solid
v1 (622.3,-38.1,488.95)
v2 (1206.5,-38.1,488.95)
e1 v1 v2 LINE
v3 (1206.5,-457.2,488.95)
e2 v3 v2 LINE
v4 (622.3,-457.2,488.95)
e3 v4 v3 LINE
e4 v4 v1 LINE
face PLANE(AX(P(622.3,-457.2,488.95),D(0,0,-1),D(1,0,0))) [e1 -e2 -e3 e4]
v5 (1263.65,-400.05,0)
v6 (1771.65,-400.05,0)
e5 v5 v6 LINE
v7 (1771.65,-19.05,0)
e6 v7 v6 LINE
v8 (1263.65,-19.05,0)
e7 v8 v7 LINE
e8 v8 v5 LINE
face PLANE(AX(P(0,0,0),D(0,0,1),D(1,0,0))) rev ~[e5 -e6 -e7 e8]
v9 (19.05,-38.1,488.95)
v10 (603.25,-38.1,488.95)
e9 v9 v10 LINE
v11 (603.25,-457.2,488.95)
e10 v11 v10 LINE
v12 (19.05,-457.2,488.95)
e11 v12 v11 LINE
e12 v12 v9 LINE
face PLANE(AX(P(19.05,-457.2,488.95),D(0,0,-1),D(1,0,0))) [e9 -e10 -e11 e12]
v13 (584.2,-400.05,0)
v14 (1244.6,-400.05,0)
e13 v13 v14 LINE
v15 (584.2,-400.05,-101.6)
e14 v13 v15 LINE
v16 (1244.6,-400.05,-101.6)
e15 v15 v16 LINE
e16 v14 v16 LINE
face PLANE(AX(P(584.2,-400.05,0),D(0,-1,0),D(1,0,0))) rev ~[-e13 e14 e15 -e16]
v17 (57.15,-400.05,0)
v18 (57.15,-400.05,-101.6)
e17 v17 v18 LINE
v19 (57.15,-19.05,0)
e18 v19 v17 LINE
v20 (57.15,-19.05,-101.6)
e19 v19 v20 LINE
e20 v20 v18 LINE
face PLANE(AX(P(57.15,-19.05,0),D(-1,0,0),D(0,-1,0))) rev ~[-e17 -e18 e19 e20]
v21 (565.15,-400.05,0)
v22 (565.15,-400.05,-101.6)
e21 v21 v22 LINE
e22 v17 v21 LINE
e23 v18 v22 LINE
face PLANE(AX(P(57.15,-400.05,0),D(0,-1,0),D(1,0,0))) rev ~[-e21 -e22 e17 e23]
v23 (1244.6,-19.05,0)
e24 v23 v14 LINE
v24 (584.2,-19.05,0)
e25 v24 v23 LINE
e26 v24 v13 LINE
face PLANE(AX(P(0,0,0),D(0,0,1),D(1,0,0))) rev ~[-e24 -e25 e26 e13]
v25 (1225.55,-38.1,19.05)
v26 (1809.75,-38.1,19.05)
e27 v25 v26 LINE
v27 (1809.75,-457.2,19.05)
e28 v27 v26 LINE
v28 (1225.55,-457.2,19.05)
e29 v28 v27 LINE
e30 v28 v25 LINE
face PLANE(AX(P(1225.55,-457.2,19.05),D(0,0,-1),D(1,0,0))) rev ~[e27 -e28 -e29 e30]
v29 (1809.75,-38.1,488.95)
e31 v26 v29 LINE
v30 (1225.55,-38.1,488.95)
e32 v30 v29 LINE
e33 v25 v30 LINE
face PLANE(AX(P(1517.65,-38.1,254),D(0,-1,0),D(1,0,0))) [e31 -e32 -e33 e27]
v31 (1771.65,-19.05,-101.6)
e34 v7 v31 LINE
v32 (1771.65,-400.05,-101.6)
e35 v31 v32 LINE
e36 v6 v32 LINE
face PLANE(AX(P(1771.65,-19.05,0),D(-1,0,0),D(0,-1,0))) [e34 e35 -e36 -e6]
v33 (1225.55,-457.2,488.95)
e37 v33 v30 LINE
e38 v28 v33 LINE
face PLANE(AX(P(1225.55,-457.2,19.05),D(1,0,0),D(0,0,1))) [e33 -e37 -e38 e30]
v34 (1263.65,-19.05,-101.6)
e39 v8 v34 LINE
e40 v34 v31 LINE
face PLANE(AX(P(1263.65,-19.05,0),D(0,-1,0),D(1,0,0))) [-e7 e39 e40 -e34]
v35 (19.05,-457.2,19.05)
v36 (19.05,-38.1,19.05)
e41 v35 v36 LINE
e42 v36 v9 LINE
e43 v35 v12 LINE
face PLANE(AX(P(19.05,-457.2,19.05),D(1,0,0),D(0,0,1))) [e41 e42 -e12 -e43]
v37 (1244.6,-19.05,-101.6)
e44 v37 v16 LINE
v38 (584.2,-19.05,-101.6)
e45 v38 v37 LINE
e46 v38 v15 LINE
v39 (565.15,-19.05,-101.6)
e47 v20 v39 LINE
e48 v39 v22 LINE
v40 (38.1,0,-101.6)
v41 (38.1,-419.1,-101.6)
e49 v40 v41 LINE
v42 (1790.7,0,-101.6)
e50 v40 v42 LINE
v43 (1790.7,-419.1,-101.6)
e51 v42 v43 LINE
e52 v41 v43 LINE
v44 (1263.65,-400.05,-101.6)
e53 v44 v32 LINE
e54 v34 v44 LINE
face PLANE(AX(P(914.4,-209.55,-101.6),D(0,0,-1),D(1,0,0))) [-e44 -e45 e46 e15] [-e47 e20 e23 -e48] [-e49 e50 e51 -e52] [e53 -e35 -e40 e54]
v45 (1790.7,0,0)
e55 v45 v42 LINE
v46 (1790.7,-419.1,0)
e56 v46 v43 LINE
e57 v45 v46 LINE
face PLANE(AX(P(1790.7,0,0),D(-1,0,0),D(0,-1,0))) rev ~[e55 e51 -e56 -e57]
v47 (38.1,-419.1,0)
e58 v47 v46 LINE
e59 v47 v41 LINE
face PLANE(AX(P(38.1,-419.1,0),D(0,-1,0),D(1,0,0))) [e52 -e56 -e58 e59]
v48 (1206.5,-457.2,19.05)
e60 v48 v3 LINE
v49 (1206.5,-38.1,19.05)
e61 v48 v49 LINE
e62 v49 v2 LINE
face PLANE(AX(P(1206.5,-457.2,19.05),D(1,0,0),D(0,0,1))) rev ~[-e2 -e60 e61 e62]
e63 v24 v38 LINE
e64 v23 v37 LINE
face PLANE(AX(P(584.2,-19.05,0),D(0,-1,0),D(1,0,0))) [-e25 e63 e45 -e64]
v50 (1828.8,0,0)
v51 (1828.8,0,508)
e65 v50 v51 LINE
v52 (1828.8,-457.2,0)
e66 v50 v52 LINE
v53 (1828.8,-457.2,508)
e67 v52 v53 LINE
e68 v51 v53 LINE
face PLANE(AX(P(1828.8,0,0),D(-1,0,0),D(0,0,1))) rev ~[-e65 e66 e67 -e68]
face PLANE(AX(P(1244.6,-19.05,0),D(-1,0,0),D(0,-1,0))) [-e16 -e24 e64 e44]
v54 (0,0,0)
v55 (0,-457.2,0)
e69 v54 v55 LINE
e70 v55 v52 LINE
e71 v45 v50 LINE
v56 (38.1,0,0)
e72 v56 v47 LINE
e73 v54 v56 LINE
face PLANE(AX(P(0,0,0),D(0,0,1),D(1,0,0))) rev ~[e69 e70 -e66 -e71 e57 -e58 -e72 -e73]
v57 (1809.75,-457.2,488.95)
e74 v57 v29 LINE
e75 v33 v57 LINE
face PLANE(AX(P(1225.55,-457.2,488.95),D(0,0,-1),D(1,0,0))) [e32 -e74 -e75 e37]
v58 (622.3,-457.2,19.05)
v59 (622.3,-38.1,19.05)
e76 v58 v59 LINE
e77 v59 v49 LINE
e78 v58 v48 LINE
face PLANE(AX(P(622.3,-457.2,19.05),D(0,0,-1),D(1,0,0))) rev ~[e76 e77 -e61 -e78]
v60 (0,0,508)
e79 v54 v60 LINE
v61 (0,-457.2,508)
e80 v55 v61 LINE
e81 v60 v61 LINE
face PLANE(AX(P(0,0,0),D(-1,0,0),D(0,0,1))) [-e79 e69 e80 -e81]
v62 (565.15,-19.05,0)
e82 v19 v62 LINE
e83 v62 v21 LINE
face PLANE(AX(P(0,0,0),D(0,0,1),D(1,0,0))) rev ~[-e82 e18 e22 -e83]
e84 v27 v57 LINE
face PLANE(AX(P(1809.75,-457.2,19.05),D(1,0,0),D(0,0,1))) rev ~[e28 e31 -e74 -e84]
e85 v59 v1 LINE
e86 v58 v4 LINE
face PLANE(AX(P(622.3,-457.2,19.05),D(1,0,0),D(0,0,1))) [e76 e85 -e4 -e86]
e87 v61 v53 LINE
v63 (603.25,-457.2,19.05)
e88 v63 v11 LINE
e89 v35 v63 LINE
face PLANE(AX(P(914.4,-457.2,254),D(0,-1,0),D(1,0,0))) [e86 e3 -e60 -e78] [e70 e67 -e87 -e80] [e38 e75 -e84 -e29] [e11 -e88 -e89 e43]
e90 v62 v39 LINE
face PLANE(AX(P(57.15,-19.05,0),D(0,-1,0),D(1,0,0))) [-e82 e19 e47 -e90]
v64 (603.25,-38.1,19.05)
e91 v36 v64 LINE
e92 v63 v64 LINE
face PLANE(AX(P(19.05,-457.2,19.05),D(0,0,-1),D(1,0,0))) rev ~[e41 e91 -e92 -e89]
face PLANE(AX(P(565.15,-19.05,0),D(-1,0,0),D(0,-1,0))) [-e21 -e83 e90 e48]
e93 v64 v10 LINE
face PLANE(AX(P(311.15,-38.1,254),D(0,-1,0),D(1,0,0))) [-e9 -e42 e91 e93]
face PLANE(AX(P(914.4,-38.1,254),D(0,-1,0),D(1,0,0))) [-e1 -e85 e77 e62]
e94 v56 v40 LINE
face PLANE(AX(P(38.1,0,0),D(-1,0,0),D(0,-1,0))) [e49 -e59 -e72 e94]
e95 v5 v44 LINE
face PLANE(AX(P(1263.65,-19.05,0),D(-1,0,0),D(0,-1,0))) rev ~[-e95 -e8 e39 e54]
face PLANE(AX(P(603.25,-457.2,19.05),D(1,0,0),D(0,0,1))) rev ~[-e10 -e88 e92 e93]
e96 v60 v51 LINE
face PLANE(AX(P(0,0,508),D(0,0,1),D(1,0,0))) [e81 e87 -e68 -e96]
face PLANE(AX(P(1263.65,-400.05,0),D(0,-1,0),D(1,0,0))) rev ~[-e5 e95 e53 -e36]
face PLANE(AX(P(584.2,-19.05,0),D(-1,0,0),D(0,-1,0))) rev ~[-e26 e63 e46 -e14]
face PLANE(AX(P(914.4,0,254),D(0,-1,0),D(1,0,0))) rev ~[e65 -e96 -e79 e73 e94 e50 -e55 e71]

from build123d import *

# Parameters (mm, degrees)
F0_W     = 1828.8
F0_H     = 508
F1_DEPTH = 457.2
F2_W     = 584.2
F2_H     = 469.9
F3_DEPTH = 419.1
F4_W     = 1752.6
F4_H     = 419.1
F4_W_2   = 508
F4_H_2   = 381
F4_W_3   = 660.4
F5_DEPTH = 101.6


with BuildPart() as f1:
    # F0 (on Front) → F1 (new body)
    with BuildSketch(Plane.XZ):
        with Locations((914.4, 254)):
            Rectangle(F0_W, F0_H)
    extrude(amount=F1_DEPTH)

    # F2 (on face) → F3 (cut)
    with BuildSketch(Plane.XZ.offset(457.2)):
        with Locations((311.15, 254)):
            Rectangle(F2_W, F2_H)
        with Locations((914.4, 254)):
            Rectangle(F2_W, F2_H)
        with Locations((1517.65, 254)):
            Rectangle(F2_W, F2_H)
    extrude(amount=-F3_DEPTH, mode=Mode.SUBTRACT)

    # F4 (on face) → F5 (join)
    with BuildSketch(Plane(origin=(0, 0, 0), x_dir=(1, 0, 0), z_dir=(0, 0, -1))):
        with Locations((914.4, 209.55)):
            Rectangle(F4_W, F4_H)
        with Locations((311.15, 209.55)):
            Rectangle(F4_W_2, F4_H_2, mode=Mode.SUBTRACT)
        with Locations((914.4, 209.55)):
            Rectangle(F4_W_3, F4_H_2, mode=Mode.SUBTRACT)
        with Locations((1517.65, 209.55)):
            Rectangle(F4_W_2, F4_H_2, mode=Mode.SUBTRACT)
    extrude(amount=F5_DEPTH)


solid = f1.part
